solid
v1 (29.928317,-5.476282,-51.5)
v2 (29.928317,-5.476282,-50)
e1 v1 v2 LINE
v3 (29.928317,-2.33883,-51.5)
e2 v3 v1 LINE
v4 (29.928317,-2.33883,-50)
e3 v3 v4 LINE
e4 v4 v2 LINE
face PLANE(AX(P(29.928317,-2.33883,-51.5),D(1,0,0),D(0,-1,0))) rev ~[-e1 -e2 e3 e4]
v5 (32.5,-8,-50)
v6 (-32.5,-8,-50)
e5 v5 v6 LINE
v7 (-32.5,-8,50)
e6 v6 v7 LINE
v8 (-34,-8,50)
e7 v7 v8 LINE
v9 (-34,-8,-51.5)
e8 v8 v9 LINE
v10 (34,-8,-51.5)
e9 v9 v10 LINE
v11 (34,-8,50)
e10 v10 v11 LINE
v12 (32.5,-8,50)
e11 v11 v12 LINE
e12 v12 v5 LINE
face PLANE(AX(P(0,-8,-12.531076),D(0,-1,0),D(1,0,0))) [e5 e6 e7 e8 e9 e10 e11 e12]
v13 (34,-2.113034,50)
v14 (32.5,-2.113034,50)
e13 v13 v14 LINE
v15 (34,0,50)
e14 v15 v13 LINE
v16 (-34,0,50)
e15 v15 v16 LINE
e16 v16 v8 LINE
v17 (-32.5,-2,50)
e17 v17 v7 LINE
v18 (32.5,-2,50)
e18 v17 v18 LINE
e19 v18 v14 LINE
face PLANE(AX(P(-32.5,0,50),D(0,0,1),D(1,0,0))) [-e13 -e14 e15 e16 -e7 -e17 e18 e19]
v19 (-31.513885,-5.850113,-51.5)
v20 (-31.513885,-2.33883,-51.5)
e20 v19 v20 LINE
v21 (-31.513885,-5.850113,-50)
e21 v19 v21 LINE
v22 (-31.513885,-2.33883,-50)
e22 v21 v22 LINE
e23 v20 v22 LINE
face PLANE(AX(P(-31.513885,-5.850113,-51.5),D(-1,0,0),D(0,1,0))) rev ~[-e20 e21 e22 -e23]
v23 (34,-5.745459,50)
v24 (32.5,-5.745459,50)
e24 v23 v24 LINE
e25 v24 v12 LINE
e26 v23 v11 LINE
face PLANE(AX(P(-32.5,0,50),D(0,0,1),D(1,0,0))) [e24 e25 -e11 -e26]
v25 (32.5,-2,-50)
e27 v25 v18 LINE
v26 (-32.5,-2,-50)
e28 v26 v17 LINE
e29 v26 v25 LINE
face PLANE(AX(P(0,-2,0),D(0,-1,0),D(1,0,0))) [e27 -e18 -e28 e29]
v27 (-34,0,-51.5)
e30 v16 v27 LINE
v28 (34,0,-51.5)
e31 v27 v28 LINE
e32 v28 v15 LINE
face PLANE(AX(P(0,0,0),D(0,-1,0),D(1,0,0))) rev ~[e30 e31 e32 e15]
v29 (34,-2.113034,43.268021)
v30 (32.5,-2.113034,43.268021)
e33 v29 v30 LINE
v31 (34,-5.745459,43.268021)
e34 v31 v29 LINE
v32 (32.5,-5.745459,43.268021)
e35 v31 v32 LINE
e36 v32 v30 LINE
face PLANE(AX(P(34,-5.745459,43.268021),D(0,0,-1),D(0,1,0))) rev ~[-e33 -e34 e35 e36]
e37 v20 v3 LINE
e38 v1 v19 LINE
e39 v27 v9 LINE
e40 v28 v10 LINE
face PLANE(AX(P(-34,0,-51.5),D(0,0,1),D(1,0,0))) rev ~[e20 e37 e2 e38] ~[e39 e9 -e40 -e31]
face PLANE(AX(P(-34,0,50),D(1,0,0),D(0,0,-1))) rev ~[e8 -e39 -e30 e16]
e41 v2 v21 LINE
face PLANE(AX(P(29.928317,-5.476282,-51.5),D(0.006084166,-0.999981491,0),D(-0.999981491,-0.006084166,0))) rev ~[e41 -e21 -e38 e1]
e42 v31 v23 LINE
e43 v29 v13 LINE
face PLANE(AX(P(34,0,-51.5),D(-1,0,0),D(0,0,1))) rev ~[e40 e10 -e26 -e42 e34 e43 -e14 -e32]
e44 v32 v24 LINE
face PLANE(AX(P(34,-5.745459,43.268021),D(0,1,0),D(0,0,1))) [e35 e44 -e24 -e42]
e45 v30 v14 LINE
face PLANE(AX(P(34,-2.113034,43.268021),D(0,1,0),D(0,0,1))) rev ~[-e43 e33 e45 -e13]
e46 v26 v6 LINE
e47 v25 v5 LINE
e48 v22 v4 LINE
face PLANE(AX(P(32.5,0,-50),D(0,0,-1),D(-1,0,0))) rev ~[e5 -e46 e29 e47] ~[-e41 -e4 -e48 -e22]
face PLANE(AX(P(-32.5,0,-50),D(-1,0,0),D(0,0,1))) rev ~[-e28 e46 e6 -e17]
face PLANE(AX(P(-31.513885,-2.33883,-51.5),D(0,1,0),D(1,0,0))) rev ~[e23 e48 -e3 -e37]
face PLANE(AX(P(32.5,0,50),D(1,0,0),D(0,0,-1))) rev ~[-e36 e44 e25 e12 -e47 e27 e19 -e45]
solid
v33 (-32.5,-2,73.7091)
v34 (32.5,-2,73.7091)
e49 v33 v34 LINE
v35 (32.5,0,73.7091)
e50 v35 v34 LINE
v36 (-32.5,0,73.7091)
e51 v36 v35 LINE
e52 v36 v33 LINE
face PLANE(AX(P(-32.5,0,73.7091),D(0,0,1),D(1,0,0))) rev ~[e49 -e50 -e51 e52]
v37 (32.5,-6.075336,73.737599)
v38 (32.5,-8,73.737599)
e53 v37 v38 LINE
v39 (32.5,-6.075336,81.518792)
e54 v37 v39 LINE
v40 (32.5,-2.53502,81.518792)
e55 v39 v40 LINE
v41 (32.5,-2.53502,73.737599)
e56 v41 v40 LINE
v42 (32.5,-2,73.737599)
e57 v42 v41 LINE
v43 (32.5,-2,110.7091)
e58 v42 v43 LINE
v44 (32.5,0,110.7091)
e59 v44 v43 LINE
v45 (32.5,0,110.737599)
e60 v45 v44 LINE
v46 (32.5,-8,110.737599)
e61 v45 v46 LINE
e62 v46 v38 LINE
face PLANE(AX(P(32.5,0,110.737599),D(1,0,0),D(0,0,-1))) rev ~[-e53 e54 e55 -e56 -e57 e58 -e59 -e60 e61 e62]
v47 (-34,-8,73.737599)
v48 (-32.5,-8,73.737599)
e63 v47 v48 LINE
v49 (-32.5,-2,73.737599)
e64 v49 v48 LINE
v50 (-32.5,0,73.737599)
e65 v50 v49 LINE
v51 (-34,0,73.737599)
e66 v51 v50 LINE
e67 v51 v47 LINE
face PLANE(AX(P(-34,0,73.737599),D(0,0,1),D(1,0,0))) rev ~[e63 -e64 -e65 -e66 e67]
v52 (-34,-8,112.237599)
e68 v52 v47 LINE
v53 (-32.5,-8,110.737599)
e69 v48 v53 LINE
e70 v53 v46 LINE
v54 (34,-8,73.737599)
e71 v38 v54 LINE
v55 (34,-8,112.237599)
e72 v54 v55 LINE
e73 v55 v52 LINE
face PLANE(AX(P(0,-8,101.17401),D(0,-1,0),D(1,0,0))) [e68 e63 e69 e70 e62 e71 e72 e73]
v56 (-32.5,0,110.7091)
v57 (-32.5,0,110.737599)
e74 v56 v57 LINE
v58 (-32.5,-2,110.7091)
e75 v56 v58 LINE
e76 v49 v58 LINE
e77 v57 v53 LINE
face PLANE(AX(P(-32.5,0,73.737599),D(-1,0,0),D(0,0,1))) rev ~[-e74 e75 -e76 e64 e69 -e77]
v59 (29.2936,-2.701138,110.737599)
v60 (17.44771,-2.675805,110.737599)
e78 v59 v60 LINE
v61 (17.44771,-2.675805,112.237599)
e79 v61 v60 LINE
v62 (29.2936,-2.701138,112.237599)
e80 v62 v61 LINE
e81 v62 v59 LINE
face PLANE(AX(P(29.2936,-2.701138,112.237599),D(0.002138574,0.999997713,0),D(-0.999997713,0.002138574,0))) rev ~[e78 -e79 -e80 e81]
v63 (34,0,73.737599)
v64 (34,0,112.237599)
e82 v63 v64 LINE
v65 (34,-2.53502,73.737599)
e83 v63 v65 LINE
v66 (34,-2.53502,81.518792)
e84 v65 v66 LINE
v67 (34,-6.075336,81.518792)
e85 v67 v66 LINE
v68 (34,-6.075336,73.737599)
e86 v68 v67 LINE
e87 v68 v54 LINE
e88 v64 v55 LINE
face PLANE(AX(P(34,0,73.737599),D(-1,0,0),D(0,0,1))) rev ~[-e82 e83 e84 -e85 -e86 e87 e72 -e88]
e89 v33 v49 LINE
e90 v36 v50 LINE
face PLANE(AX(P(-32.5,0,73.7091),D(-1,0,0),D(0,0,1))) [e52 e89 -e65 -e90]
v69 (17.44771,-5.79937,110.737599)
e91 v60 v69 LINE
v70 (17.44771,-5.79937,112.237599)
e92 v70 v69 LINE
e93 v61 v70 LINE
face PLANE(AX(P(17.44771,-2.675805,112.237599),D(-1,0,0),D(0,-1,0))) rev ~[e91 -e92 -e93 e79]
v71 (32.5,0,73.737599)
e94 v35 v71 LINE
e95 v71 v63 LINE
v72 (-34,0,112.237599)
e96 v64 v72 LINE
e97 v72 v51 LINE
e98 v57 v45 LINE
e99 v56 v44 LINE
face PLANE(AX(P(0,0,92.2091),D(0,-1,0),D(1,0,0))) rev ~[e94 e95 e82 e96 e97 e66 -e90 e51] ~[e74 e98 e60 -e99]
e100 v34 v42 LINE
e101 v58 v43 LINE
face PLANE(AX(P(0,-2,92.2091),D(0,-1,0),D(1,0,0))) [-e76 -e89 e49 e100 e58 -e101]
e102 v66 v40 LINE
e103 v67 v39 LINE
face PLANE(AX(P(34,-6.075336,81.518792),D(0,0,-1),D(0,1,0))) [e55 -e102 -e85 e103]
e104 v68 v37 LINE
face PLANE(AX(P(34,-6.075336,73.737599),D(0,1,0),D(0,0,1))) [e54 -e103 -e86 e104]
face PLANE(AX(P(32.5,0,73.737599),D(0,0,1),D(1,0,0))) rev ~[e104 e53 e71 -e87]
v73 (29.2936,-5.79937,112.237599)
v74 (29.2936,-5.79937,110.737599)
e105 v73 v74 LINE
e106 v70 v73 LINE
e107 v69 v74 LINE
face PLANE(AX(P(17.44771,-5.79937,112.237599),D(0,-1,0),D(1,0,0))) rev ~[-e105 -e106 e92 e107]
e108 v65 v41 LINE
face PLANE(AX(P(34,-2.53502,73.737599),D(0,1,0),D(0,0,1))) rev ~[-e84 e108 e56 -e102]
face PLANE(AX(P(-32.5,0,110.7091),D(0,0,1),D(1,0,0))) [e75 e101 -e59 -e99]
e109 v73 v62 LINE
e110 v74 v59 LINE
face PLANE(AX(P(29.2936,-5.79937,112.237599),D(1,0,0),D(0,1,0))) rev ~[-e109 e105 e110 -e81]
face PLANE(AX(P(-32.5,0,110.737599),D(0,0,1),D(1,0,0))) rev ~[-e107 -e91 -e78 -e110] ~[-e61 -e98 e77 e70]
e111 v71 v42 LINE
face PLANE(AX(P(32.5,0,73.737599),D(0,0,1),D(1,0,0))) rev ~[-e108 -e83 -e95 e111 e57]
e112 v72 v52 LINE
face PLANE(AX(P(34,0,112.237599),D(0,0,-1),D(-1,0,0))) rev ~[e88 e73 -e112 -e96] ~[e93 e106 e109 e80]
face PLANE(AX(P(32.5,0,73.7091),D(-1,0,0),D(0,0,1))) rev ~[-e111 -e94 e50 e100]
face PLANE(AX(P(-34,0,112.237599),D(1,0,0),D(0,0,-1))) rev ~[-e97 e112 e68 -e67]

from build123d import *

# Parameters (mm, degrees)
F1_DEPTH  = 8
F2_W      = 65
F2_H      = 100
F3_DEPTH  = 2
F4_W      = 65
F4_H      = 37
F5_DEPTH  = 2
F7_DEPTH  = 1.5
F9_DEPTH  = 1.5
F10_W     = 3.540316131
F10_H     = 7.7811924219
F11_DEPTH = 1.5
F12_W     = 3.6324255634
F12_H     = 6.7319788039
F13_DEPTH = 1.5


with BuildPart() as f1:
    # F0 (on Front) → F1 (new body)
    with BuildSketch(Plane.XZ):
        Polygon((32.5, 110.737599194), (32.5, 73.737599194), (34, 73.737599194), (34, 112.237599194), (-34, 112.237599194), (-34, 73.737599194), (-32.5, 73.737599194), (-32.5, 110.737599194), align=None)
    extrude(amount=F1_DEPTH)

    # F4 (on Front) → F5 (join)
    with BuildSketch(Plane.XZ):
        with Locations((0, 92.2091004848)):
            Rectangle(F4_W, F4_H)
    extrude(amount=F5_DEPTH)

    # F8 (on face) → F9 (cut)
    with BuildSketch(Plane.XY.offset(112.237599194)):
        Polygon((29.2936004698, -2.7011381462), (17.4477100372, -2.6758047752), (17.4477100372, -5.7993703522), (29.2936004698, -5.7993703522), align=None)
    extrude(amount=-F9_DEPTH, mode=Mode.SUBTRACT)

    # F10 (on face) → F11 (cut)
    with BuildSketch(Plane.YZ.offset(34)):
        with Locations((-4.3051776011, 77.628195405)):
            Rectangle(F10_W, F10_H)
    extrude(amount=-F11_DEPTH, mode=Mode.SUBTRACT)


with BuildPart() as f1b:
    # F0 (on Front) → F1, piece 2 (new body)
    with BuildSketch(Plane.XZ):
        Polygon((34, 50), (32.5, 50), (32.5, -50), (-32.5, -50), (-32.5, 50), (-34, 50), (-34, -51.5), (34, -51.5), align=None)
    extrude(amount=F1_DEPTH)

    # F2 (on Front) → F3 (join)
    with BuildSketch(Plane.XZ):
        Rectangle(F2_W, F2_H)
    extrude(amount=F3_DEPTH)

    # F6 (on face) → F7 (cut)
    with BuildSketch(Plane(origin=(0, 0, -51.5), x_dir=(1, 0, 0), z_dir=(0, 0, -1))):
        Polygon((29.9283172935, 5.4762815125), (-31.5138846636, 5.850112997), (-31.5138846636, 2.3388296831), (29.9283172935, 2.3388296831), align=None)
    extrude(amount=-F7_DEPTH, mode=Mode.SUBTRACT)

    # F12 (on face) → F13 (cut)
    with BuildSketch(Plane.YZ.offset(34)):
        with Locations((-3.9292465663, 46.6340105981)):
            Rectangle(F12_W, F12_H)
    extrude(amount=-F13_DEPTH, mode=Mode.SUBTRACT)


solid = Compound([f1.part, f1b.part])
